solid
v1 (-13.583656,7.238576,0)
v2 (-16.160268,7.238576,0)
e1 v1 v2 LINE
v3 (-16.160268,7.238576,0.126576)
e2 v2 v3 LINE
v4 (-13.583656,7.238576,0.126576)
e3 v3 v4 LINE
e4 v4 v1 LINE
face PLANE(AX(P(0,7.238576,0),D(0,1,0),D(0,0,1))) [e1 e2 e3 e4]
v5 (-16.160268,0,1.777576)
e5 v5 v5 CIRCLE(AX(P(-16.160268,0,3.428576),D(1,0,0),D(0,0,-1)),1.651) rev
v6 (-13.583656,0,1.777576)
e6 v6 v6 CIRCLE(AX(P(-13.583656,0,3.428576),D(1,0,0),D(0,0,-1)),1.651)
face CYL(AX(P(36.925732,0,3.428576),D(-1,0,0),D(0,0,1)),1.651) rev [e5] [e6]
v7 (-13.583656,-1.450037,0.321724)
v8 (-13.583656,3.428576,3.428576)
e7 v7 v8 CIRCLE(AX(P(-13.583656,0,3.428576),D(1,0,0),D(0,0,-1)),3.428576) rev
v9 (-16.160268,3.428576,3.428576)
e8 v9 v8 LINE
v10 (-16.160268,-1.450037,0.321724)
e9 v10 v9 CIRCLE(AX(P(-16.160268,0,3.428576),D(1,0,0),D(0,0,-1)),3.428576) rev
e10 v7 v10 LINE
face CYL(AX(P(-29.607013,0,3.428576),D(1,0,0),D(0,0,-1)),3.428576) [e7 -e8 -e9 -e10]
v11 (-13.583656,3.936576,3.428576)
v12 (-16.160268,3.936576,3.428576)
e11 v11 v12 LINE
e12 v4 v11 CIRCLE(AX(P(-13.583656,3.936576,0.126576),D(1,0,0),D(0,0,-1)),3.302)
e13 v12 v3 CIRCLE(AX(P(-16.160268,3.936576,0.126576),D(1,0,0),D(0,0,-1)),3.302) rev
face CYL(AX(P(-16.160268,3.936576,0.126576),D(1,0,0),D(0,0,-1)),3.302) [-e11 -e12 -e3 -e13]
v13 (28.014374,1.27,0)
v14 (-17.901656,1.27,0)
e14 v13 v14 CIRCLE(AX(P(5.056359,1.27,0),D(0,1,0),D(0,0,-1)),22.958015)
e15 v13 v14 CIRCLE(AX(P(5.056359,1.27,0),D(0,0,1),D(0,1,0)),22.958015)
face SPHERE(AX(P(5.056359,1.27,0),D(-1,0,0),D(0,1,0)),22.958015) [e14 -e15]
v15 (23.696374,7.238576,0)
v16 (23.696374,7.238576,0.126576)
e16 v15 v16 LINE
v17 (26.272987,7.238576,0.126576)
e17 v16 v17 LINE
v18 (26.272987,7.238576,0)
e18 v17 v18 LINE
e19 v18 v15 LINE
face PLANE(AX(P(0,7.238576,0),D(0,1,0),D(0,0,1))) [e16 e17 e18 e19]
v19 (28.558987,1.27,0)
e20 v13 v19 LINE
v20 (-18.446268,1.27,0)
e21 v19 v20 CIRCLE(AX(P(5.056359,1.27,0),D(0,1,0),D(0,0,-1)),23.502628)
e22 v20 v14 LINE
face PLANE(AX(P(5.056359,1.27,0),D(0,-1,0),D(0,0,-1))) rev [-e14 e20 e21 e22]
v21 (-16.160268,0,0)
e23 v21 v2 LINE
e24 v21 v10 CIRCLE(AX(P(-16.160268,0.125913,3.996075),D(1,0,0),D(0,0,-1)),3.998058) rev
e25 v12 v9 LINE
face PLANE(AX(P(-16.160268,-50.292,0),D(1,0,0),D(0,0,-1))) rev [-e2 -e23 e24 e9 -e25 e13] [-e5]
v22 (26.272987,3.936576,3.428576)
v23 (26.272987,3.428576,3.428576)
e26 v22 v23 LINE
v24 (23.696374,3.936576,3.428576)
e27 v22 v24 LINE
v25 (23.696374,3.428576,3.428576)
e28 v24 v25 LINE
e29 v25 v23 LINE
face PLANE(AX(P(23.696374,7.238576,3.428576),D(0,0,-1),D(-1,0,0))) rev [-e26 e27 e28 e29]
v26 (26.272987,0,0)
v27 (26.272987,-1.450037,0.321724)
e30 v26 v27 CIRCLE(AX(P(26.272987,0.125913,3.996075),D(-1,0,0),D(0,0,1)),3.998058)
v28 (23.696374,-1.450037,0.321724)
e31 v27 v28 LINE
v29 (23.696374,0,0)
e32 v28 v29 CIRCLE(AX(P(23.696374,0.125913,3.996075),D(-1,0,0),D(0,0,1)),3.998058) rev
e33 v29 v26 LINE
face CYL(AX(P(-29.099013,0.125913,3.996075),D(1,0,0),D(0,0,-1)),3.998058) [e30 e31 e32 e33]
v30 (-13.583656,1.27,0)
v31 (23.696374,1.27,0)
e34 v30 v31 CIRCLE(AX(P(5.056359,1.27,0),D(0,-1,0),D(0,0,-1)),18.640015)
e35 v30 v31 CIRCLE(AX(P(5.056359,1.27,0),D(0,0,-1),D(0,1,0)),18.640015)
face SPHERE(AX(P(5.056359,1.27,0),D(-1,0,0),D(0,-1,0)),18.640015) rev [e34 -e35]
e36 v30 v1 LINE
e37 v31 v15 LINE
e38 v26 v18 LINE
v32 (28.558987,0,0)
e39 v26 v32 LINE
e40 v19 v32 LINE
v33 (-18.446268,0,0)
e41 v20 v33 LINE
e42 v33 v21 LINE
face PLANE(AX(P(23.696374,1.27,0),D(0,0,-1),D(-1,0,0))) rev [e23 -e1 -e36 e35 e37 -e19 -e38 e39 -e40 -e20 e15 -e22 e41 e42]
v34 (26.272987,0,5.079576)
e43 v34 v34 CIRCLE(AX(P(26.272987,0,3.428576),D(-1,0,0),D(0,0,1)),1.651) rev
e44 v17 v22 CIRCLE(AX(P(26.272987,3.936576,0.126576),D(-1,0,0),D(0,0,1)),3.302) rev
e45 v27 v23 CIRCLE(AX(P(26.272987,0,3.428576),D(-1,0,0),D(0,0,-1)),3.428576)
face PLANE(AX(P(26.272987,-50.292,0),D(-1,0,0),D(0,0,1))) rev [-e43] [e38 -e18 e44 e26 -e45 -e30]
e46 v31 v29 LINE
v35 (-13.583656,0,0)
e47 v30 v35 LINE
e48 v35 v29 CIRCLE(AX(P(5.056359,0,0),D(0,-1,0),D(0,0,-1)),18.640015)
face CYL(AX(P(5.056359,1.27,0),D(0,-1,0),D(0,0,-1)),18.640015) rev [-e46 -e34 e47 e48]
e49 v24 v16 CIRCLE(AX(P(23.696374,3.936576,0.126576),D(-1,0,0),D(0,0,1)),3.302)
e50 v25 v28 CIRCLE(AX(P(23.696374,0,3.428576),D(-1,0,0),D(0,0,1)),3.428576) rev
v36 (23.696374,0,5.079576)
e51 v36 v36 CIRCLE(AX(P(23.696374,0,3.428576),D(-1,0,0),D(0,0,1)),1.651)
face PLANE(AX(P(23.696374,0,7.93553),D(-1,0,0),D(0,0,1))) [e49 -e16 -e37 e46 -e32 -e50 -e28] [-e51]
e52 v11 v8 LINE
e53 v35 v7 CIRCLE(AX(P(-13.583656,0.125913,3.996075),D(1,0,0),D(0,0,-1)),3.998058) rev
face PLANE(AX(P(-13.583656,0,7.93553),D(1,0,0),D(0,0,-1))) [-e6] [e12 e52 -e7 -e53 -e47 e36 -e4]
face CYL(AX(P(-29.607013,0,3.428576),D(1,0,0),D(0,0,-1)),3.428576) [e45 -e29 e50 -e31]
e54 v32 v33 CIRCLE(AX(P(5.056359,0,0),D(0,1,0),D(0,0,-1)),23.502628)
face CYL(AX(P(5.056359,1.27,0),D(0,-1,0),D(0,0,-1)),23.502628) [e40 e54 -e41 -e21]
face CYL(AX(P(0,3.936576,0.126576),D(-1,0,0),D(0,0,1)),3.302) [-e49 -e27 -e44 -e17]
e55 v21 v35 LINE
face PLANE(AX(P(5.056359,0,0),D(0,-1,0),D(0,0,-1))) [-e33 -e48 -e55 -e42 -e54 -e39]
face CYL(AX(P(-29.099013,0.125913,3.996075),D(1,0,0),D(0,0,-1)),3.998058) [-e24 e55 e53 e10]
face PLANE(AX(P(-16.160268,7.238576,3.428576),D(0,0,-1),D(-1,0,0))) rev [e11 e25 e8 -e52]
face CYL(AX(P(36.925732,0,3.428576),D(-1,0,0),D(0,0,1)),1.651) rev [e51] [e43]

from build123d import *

# Parameters (mm, degrees)
BOSS_EXTRUDE1_DEPTH      = 1.27
REVOLVE3_ANGLE           = 90
SKETCH6_W                = 4.862612613
SKETCH6_H                = 1.27
BOSS_EXTRUDE3_DEPTH      = 7.935530078
BOSS_EXTRUDE4_DEPTH      = 3.81
BOSS_EXTRUDE4_DEPTH_BACK = 6.35
SKETCH10_W               = 4.862612613
SKETCH10_H               = 7.935530078
FILLET7_R                = 5.08
FILLET10_R               = 5.08
SKETCH13_R               = 1.651
CUT_EXTRUDE2_DEPTH       = 55.372
SKETCH14_W               = 2.286
SKETCH14_H               = 11.368095807
CUT_EXTRUDE3_DEPTH       = 55.372
FILLET15_RADIUS          = 3.967765039
FILLET15_LENGTH          = 2.576612613
FILLET16_RADIUS          = 3.967765039
FILLET16_LENGTH          = 2.576612613
CUT_EXTRUDE4_DEPTH       = 55.372
CUT_EXTRUDE7_DEPTH       = 55.88
SKETCH19_W               = 2.576612613
SKETCH19_H               = 3.428576371
BOSS_EXTRUDE5_DEPTH      = 3.81
FILLET17_R               = 3.302
FILLET18_R               = 3.302


with BuildPart() as part:
    # Sketch1 → Boss-Extrude1 (new body)
    with BuildSketch(Plane(origin=(0, 0, 0), x_dir=(1, 0, 0), z_dir=(0, 1, 0))):
        with BuildLine():
            Line((-18.44626818, 0), (-13.583655567, 0))
            ThreePointArc((-13.583655567, 0), (5.056359448, 18.640015015), (23.696374463, 0))
            Line((23.696374463, 0), (28.558987076, 0))
            ThreePointArc((28.558987076, 0), (5.056359448, 23.502627628), (-18.44626818, 0))
        make_face()
    extrude(amount=BOSS_EXTRUDE1_DEPTH)

    # Sketch4 → Revolve3 (revolve)
    with BuildSketch(Plane(origin=(0, 1.27, 0), x_dir=(1, 0, 0), z_dir=(0, 1, 0))):
        with BuildLine():
            Line((23.696374463, 0), (28.014374463, 0))
            ThreePointArc((28.014374463, 0), (5.056359448, 22.958015015), (-17.901655567, 0))
            Line((-17.901655567, 0), (-13.583655567, 0))
            ThreePointArc((-13.583655567, 0), (5.056359448, 18.640015015), (23.696374463, 0))
        make_face()
    revolve(axis=Axis((-17.901655567, 1.27, 0), (1, 0, 0)), revolution_arc=REVOLVE3_ANGLE)

    # Sketch6 → Boss-Extrude3 (add)
    with BuildSketch(Plane.XY):
        with Locations((-16.014961873, 0.635)):
            Rectangle(SKETCH6_W, SKETCH6_H)
        with Locations((26.12768077, 0.635)):
            Rectangle(SKETCH6_W, SKETCH6_H)
    extrude(amount=BOSS_EXTRUDE3_DEPTH)

    # Sketch10 → Boss-Extrude4 (add, two sides: drawn at the far end of the back side and taken through both)
    with BuildSketch(Plane(origin=(0, 1.27, 0), x_dir=(1, 0, 0), z_dir=(0, 1, 0)).offset(-BOSS_EXTRUDE4_DEPTH_BACK)):
        with Locations((-16.014961873, -3.967765039)):
            Rectangle(SKETCH10_W, SKETCH10_H)
        with Locations((26.12768077, -3.967765039)):
            Rectangle(SKETCH10_W, SKETCH10_H)
    extrude(amount=BOSS_EXTRUDE4_DEPTH + BOSS_EXTRUDE4_DEPTH_BACK)

    # Fillet7
    fillet7_edges = [part.edges().sort_by_distance(p)[0] for p in [
        (-16.014961873, 5.08, 7.935530078),
    ]]
    fillet(fillet7_edges, radius=FILLET7_R)

    # Fillet10
    fillet10_edges = [part.edges().sort_by_distance(p)[0] for p in [
        (26.127680769, 5.08, 7.935530078),
    ]]
    fillet(fillet10_edges, radius=FILLET10_R)

    # Sketch13 → Cut-Extrude2 (cut)
    with BuildSketch(Plane.ZY.offset(18.44626818)):
        with Locations((3.428576371, 0)):
            Circle(SKETCH13_R)
    extrude(amount=-CUT_EXTRUDE2_DEPTH, mode=Mode.SUBTRACT)

    # Sketch14 → Cut-Extrude3 (cut)
    with BuildSketch(Plane(origin=(0, 5.08, 0), x_dir=(1, 0, 0), z_dir=(0, 1, 0))):
        with Locations((27.415987076, -5.684047904)):
            Rectangle(SKETCH14_W, SKETCH14_H)
        with Locations((-17.30326818, -5.684047904)):
            Rectangle(SKETCH14_W, SKETCH14_H)
    extrude(amount=-CUT_EXTRUDE3_DEPTH, mode=Mode.SUBTRACT)

    # Fillet15: full round fillet: the end face becomes a half cylinder, R = half its width
    fillet15_face = Plane((24.984680769, -5.08, 3.967765039), x_dir=(1, 0, 0), z_dir=(0, -1, 0))  # on the end face: x along it, z out of the body
    fillet15_slab = fillet15_face.offset(-FILLET15_RADIUS / 2) * Box(FILLET15_LENGTH, 2 * FILLET15_RADIUS, FILLET15_RADIUS, mode=Mode.PRIVATE)  # the body's end, R deep
    fillet15_round = Plane((24.984680769, -1.112234961, 3.967765039), x_dir=(0, -1, 0), z_dir=(1, 0, 0)) * Cylinder(FILLET15_RADIUS, FILLET15_LENGTH, mode=Mode.PRIVATE)  # its axis R under the face
    add(fillet15_slab - fillet15_round, mode=Mode.SUBTRACT)

    # Fillet16: full round fillet: the end face becomes a half cylinder, R = half its width
    fillet16_face = Plane((-14.871961873, -5.08, 3.967765039), x_dir=(-1, 0, 0), z_dir=(0, -1, 0))  # on the end face: x along it, z out of the body
    fillet16_slab = fillet16_face.offset(-FILLET16_RADIUS / 2) * Box(FILLET16_LENGTH, 2 * FILLET16_RADIUS, FILLET16_RADIUS, mode=Mode.PRIVATE)  # the body's end, R deep
    fillet16_round = Plane((-14.871961873, -1.112234961, 3.967765039), x_dir=(0, -1, 0), z_dir=(-1, 0, 0)) * Cylinder(FILLET16_RADIUS, FILLET16_LENGTH, mode=Mode.PRIVATE)  # its axis R under the face
    add(fillet16_slab - fillet16_round, mode=Mode.SUBTRACT)

    # Sketch16 → Cut-Extrude4 (cut)
    with BuildSketch(Plane(origin=(26.272987076, 0, 0), x_dir=(0, 0, -1), z_dir=(1, 0, 0))):
        with BuildLine():
            ThreePointArc((0, 0), (-3.716578938, -3.862364093), (-7.935530078, -0.55611748))
            ThreePointArc((-7.935530078, -0.55611748), (-3.630565744, -5.089731167), (0, 0))
        make_face()
    extrude(amount=-CUT_EXTRUDE4_DEPTH, mode=Mode.SUBTRACT)

    # Sketch18 → Cut-Extrude7 (cut)
    with BuildSketch(Plane(origin=(26.272987076, 0, 0), x_dir=(0, 0, -1), z_dir=(1, 0, 0))):
        with BuildLine():
            Line((-3.428576371, 3.428576371), (0, 3.428576371))
            Line((0, 3.428576371), (0, 5.467356317))
            Line((0, 5.467356317), (-9.031573881, 5.467356317))
            Line((-9.031573881, 5.467356317), (-9.031573881, -4.486785293))
            Line((-9.031573881, -4.486785293), (0, -4.486785293))
            Line((0, -4.486785293), (0, 0))
            ThreePointArc((0, 0), (-5.852945973, -2.424369602), (-3.428576371, 3.428576371))
        make_face()
    extrude(amount=-CUT_EXTRUDE7_DEPTH, mode=Mode.SUBTRACT)

    # Sketch19 → Boss-Extrude5 (add)
    with BuildSketch(Plane(origin=(0, 3.428576371, 0), x_dir=(1, 0, 0), z_dir=(0, 1, 0))):
        with Locations((24.98468077, -1.714288186)):
            Rectangle(SKETCH19_W, SKETCH19_H)
        with Locations((-14.871961874, -1.714288186)):
            Rectangle(SKETCH19_W, SKETCH19_H)
    extrude(amount=BOSS_EXTRUDE5_DEPTH)

    # Fillet17
    fillet17_edges = [part.edges().sort_by_distance(p)[0] for p in [
        (24.984680769, 7.238576371, 3.428576371),
    ]]
    fillet(fillet17_edges, radius=FILLET17_R)

    # Fillet18
    fillet18_edges = [part.edges().sort_by_distance(p)[0] for p in [
        (-14.871961873, 7.238576371, 3.428576371),
    ]]
    fillet(fillet18_edges, radius=FILLET18_R)


solid = part.part
